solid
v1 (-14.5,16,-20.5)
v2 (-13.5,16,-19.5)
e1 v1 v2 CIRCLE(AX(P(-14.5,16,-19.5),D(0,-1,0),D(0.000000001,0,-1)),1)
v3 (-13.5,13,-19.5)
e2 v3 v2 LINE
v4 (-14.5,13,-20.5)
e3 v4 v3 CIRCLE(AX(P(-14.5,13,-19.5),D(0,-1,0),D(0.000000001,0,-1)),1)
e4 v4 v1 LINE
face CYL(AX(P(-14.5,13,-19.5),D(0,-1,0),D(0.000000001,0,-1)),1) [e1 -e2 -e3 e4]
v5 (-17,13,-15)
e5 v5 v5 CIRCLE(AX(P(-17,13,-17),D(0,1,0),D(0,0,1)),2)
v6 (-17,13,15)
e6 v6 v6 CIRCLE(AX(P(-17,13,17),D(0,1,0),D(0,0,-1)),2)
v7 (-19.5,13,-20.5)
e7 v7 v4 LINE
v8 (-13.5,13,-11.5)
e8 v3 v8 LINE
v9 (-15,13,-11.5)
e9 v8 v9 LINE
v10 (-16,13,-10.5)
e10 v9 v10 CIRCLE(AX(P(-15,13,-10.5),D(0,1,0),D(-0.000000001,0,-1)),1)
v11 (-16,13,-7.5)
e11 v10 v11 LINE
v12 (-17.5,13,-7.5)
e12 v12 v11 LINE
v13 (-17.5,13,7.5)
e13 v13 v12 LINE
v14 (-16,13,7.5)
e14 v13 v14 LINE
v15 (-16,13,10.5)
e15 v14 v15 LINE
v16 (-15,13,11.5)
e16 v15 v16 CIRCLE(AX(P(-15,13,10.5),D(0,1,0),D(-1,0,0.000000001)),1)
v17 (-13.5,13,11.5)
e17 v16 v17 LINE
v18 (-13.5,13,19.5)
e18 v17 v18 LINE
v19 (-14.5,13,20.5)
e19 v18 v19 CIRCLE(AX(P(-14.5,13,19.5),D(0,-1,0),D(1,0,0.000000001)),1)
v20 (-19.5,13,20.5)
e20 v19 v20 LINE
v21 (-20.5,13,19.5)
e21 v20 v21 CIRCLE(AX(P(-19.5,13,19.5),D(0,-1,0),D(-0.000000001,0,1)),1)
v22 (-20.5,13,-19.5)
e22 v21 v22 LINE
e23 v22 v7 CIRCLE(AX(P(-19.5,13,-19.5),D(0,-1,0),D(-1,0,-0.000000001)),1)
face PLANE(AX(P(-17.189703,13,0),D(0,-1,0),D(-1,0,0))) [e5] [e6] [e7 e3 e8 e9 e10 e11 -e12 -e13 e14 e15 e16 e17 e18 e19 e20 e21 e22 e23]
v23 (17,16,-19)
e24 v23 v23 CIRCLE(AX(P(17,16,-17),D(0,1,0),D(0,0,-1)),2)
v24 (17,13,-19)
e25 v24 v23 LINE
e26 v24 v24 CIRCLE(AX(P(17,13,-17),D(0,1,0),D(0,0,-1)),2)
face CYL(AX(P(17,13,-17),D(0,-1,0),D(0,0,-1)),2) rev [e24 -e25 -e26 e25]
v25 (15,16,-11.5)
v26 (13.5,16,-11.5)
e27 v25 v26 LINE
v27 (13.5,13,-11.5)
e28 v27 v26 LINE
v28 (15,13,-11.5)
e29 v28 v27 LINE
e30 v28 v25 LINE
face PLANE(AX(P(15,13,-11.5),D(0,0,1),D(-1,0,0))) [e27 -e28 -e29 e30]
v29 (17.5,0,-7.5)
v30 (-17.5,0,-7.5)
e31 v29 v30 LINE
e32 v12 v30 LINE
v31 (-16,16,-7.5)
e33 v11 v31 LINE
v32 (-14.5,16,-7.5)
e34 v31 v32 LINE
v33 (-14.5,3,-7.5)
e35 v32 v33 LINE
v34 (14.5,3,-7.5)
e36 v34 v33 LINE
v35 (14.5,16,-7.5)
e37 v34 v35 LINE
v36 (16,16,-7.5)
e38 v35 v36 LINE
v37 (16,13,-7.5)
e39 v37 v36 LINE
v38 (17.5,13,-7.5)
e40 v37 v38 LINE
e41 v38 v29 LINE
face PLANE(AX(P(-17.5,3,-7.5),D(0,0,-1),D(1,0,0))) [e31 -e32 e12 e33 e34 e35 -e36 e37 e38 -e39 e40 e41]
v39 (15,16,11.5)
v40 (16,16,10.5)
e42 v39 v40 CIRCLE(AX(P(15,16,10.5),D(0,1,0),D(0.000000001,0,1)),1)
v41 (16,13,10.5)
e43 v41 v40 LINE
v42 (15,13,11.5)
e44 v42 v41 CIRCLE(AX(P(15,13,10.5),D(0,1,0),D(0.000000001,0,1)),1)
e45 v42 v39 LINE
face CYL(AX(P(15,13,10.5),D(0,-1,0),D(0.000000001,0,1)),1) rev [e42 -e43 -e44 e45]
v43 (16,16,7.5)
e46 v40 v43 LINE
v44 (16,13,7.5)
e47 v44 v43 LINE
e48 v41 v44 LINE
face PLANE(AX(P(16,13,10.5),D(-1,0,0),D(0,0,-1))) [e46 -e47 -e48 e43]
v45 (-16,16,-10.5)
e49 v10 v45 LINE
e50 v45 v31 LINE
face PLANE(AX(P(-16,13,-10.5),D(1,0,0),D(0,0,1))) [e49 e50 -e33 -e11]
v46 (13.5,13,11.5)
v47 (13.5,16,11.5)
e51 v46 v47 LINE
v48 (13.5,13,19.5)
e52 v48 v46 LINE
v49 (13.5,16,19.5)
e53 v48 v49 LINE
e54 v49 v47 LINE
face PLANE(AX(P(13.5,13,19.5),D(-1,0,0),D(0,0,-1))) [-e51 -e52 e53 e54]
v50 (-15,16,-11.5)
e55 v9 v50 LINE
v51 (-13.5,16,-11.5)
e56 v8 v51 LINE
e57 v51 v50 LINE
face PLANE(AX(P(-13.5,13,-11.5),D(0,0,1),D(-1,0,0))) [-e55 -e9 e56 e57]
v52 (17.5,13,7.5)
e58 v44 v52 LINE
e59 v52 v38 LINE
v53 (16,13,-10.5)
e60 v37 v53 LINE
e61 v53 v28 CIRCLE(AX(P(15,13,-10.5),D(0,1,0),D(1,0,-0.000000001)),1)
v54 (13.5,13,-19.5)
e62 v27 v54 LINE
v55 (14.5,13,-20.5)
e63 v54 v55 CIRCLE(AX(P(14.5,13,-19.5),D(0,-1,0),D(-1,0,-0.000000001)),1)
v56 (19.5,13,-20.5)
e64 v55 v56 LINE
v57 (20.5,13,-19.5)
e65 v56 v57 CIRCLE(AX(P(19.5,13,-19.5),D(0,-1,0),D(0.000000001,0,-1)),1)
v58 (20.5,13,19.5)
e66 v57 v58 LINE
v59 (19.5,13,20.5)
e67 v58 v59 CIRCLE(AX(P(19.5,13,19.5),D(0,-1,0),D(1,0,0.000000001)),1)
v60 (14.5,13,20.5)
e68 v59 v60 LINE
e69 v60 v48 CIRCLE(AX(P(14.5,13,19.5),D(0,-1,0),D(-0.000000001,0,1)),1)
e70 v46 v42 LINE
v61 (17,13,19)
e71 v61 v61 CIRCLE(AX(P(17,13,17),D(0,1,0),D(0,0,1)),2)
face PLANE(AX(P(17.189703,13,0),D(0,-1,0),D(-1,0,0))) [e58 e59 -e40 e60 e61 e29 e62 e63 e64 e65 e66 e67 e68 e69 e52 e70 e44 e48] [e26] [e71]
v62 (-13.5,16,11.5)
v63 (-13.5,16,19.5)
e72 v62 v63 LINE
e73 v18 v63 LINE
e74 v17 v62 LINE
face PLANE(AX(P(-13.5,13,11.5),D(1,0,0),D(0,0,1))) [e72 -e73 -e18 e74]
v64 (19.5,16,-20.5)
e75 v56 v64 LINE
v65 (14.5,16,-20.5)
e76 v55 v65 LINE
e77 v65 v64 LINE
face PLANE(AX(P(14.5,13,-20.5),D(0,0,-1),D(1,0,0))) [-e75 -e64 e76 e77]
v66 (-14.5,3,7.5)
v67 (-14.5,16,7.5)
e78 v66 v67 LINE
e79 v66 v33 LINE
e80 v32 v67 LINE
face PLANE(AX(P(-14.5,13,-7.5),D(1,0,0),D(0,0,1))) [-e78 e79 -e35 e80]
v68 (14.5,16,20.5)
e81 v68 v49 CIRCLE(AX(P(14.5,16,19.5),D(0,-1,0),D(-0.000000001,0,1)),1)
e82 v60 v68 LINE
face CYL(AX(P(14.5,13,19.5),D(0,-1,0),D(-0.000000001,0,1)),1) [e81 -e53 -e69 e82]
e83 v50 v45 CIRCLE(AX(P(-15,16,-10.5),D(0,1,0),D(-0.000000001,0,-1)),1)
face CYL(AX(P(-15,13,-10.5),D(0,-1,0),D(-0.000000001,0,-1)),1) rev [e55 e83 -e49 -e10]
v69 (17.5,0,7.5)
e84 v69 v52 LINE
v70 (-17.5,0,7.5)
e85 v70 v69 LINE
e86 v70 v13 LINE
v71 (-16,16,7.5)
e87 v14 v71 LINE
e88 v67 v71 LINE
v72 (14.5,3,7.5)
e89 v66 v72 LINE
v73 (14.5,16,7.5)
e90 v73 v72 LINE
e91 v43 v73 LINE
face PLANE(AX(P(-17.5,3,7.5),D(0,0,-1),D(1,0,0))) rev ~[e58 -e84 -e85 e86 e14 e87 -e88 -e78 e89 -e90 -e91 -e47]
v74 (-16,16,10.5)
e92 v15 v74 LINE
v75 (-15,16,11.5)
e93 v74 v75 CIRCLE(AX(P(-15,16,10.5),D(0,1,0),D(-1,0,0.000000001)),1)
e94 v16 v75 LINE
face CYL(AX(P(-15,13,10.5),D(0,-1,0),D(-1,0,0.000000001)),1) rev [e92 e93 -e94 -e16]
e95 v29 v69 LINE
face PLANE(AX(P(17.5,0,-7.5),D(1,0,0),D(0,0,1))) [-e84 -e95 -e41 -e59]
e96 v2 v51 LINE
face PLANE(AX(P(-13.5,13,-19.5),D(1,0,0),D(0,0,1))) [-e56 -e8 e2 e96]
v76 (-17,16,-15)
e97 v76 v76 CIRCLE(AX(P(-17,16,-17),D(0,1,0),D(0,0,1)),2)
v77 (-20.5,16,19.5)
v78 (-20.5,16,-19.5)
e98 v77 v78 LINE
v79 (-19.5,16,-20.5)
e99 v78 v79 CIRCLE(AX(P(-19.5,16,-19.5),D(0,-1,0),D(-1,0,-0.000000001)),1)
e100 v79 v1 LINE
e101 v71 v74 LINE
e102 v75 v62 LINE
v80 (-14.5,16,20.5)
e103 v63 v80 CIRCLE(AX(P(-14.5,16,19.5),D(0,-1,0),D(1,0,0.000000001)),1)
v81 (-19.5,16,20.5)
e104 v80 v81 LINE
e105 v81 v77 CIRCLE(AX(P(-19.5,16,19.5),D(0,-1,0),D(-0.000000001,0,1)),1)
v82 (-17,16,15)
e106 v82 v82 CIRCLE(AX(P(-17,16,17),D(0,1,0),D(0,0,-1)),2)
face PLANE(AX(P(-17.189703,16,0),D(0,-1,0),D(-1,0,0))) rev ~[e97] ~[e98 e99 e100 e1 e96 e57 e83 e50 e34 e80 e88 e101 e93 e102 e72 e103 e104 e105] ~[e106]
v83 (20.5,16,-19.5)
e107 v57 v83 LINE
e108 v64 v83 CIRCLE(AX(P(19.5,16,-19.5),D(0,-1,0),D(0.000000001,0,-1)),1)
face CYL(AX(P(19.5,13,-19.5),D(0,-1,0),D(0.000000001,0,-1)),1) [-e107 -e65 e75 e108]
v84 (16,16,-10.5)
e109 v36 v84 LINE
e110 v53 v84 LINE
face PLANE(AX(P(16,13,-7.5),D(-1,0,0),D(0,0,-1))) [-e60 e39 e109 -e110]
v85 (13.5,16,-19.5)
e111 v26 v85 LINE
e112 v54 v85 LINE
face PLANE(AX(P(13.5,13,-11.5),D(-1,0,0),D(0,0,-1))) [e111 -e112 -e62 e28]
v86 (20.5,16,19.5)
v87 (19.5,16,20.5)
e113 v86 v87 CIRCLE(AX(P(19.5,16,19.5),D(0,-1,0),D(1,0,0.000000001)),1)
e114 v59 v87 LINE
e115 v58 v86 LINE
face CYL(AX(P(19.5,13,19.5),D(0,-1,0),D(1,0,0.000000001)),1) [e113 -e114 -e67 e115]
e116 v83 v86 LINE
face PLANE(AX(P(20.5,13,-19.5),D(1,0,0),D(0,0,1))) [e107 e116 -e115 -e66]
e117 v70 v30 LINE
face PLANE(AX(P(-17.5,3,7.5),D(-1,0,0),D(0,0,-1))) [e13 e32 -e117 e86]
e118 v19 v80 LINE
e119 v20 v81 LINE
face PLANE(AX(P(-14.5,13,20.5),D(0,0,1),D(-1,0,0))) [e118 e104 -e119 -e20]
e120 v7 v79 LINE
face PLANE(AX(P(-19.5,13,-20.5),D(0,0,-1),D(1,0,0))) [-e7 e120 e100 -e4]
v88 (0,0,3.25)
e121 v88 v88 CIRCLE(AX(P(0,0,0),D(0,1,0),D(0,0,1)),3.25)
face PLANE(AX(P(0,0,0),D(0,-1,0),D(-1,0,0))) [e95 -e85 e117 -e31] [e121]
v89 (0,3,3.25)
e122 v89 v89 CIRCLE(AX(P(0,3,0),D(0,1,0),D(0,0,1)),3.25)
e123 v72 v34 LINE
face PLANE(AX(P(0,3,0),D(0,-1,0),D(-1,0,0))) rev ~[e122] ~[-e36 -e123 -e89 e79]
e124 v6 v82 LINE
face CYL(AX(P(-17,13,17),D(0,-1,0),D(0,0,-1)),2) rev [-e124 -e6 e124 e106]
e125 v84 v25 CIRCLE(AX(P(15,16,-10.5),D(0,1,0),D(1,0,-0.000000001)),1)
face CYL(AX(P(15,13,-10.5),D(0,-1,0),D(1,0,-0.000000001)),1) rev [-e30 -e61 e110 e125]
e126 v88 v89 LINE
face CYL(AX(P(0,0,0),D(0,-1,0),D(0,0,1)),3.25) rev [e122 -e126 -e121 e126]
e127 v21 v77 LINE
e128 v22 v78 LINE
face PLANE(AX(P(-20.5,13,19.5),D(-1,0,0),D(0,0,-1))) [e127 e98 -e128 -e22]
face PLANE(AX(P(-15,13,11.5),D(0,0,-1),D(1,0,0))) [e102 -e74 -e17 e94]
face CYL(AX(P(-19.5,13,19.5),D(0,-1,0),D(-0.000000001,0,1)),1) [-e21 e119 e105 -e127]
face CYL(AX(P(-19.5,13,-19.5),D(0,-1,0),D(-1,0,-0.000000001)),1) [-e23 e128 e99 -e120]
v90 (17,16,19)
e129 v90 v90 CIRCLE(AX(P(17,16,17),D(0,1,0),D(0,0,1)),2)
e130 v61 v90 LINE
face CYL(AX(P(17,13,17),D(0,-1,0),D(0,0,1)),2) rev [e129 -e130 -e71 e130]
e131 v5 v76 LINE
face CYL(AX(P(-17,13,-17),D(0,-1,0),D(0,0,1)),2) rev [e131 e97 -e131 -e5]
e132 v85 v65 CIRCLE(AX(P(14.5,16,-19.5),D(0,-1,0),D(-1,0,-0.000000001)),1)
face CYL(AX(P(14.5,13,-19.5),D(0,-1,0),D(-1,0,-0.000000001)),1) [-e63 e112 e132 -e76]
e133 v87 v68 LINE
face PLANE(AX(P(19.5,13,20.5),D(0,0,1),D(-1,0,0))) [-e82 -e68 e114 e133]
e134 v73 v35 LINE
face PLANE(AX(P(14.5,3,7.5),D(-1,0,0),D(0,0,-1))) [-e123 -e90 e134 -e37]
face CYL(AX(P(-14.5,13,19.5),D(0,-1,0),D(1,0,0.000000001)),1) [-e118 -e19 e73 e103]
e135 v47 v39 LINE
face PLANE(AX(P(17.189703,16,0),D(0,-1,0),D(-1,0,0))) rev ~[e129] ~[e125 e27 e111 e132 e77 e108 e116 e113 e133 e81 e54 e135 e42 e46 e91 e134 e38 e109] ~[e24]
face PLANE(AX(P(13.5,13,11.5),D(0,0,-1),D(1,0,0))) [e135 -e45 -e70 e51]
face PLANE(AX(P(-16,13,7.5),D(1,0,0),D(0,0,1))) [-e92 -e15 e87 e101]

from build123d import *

# Parameters (mm, degrees)
SKETCH_1_R      = 3.25
EXTRUDE_1_DEPTH = 3
SKETCH_2_W      = 3
SKETCH_2_H      = 15
EXTRUDE_2_DEPTH = 10
SKETCH_3_R      = 2
EXTRUDE_3_DEPTH = 3


with BuildPart() as part:
    # 草图1 → 凸台-拉伸1 (new body)
    with BuildSketch(Plane(origin=(0, 0, 0), x_dir=(1, 0, 0), z_dir=(0, 1, 0))):
        Polygon((-12.5, 7.5), (12.5, 7.5), (17.5, 7.5), (17.5, -7.5), (12.5, -7.5), (-12.5, -7.5), (-17.5, -7.5), (-17.5, 7.5), align=None)
        with Locations(Location((0, 0, 0), (0, 0, 270))):
            Circle(SKETCH_1_R, mode=Mode.SUBTRACT)
    extrude(amount=EXTRUDE_1_DEPTH)

    # 草图2 → 凸台-拉伸2 (add)
    with BuildSketch(Plane(origin=(0, 3, 0), x_dir=(1, 0, 0), z_dir=(0, 1, 0))):
        with Locations((-16, 0)):
            Rectangle(SKETCH_2_W, SKETCH_2_H)
        with Locations((16, 0)):
            Rectangle(SKETCH_2_W, SKETCH_2_H)
    extrude(amount=EXTRUDE_2_DEPTH)

    # 草图3 → 凸台-拉伸3 (add)
    # profile 1 of 2: a face of its own
    with BuildSketch(Plane(origin=(0, 13, 0), x_dir=(1, 0, 0), z_dir=(0, 1, 0))):
        with BuildLine():
            Line((-15, -11.5), (-13.5, -11.5))
            Line((-13.5, -11.5), (-13.5, -17.5))
            Line((-13.5, -17.5), (-13.5, -19.5))
            ThreePointArc((-13.5, -19.5), (-13.792893219, -20.207106781), (-14.5, -20.5))
            Line((-14.5, -20.5), (-19.5, -20.5))
            ThreePointArc((-19.5, -20.5), (-20.207106781, -20.207106781), (-20.5, -19.5))
            Line((-20.5, -19.5), (-20.5, 19.5))
            ThreePointArc((-20.5, 19.5), (-20.207106781, 20.207106781), (-19.5, 20.5))
            Line((-19.5, 20.5), (-14.5, 20.5))
            ThreePointArc((-14.5, 20.5), (-13.792893219, 20.207106781), (-13.5, 19.5))
            Line((-13.5, 19.5), (-13.5, 18.5))
            Line((-13.5, 18.5), (-13.5, 11.5))
            Line((-13.5, 11.5), (-15, 11.5))
            ThreePointArc((-15, 11.5), (-15.707106781, 11.207106781), (-16, 10.5))
            Line((-16, 10.5), (-16, 7.5))
            Line((-16, 7.5), (-14.5, 7.5))
            Line((-14.5, 7.5), (-14.5, -7.5))
            Line((-14.5, -7.5), (-16, -7.5))
            Line((-16, -7.5), (-16, -10.5))
            ThreePointArc((-16, -10.5), (-15.707106781, -11.207106781), (-15, -11.5))
        make_face()
        with Locations(Location((-17, 17, 0), (0, 0, 270))):
            Circle(SKETCH_3_R, mode=Mode.SUBTRACT)
        with Locations(Location((-17, -17, 0), (0, 0, 90))):
            Circle(SKETCH_3_R, mode=Mode.SUBTRACT)
    # profile 2 of 2: a face of its own
    with BuildSketch(Plane(origin=(0, 13, 0), x_dir=(1, 0, 0), z_dir=(0, 1, 0))):
        with BuildLine():
            Line((14.5, 7.5), (16, 7.5))
            Line((16, 7.5), (16, 10.5))
            ThreePointArc((16, 10.5), (15.707106781, 11.207106781), (15, 11.5))
            Line((15, 11.5), (13.5, 11.5))
            Line((13.5, 11.5), (13.5, 18.5))
            Line((13.5, 18.5), (13.5, 19.5))
            ThreePointArc((13.5, 19.5), (13.792893219, 20.207106781), (14.5, 20.5))
            Line((14.5, 20.5), (19.5, 20.5))
            ThreePointArc((19.5, 20.5), (20.207106781, 20.207106781), (20.5, 19.5))
            Line((20.5, 19.5), (20.5, -19.5))
            ThreePointArc((20.5, -19.5), (20.207106781, -20.207106781), (19.5, -20.5))
            Line((19.5, -20.5), (14.5, -20.5))
            ThreePointArc((14.5, -20.5), (13.792893219, -20.207106781), (13.5, -19.5))
            Line((13.5, -19.5), (13.5, -18.5))
            Line((13.5, -18.5), (13.5, -11.5))
            Line((13.5, -11.5), (15, -11.5))
            ThreePointArc((15, -11.5), (15.707106781, -11.207106781), (16, -10.5))
            Line((16, -10.5), (16, -7.5))
            Line((16, -7.5), (14.5, -7.5))
            Line((14.5, -7.5), (14.5, 7.5))
        make_face()
        with Locations(Location((17, 17, 0), (0, 0, 90))):
            Circle(SKETCH_3_R, mode=Mode.SUBTRACT)
        with Locations(Location((17, -17, 0), (0, 0, 270))):
            Circle(SKETCH_3_R, mode=Mode.SUBTRACT)
    extrude(amount=EXTRUDE_3_DEPTH)


solid = part.part
